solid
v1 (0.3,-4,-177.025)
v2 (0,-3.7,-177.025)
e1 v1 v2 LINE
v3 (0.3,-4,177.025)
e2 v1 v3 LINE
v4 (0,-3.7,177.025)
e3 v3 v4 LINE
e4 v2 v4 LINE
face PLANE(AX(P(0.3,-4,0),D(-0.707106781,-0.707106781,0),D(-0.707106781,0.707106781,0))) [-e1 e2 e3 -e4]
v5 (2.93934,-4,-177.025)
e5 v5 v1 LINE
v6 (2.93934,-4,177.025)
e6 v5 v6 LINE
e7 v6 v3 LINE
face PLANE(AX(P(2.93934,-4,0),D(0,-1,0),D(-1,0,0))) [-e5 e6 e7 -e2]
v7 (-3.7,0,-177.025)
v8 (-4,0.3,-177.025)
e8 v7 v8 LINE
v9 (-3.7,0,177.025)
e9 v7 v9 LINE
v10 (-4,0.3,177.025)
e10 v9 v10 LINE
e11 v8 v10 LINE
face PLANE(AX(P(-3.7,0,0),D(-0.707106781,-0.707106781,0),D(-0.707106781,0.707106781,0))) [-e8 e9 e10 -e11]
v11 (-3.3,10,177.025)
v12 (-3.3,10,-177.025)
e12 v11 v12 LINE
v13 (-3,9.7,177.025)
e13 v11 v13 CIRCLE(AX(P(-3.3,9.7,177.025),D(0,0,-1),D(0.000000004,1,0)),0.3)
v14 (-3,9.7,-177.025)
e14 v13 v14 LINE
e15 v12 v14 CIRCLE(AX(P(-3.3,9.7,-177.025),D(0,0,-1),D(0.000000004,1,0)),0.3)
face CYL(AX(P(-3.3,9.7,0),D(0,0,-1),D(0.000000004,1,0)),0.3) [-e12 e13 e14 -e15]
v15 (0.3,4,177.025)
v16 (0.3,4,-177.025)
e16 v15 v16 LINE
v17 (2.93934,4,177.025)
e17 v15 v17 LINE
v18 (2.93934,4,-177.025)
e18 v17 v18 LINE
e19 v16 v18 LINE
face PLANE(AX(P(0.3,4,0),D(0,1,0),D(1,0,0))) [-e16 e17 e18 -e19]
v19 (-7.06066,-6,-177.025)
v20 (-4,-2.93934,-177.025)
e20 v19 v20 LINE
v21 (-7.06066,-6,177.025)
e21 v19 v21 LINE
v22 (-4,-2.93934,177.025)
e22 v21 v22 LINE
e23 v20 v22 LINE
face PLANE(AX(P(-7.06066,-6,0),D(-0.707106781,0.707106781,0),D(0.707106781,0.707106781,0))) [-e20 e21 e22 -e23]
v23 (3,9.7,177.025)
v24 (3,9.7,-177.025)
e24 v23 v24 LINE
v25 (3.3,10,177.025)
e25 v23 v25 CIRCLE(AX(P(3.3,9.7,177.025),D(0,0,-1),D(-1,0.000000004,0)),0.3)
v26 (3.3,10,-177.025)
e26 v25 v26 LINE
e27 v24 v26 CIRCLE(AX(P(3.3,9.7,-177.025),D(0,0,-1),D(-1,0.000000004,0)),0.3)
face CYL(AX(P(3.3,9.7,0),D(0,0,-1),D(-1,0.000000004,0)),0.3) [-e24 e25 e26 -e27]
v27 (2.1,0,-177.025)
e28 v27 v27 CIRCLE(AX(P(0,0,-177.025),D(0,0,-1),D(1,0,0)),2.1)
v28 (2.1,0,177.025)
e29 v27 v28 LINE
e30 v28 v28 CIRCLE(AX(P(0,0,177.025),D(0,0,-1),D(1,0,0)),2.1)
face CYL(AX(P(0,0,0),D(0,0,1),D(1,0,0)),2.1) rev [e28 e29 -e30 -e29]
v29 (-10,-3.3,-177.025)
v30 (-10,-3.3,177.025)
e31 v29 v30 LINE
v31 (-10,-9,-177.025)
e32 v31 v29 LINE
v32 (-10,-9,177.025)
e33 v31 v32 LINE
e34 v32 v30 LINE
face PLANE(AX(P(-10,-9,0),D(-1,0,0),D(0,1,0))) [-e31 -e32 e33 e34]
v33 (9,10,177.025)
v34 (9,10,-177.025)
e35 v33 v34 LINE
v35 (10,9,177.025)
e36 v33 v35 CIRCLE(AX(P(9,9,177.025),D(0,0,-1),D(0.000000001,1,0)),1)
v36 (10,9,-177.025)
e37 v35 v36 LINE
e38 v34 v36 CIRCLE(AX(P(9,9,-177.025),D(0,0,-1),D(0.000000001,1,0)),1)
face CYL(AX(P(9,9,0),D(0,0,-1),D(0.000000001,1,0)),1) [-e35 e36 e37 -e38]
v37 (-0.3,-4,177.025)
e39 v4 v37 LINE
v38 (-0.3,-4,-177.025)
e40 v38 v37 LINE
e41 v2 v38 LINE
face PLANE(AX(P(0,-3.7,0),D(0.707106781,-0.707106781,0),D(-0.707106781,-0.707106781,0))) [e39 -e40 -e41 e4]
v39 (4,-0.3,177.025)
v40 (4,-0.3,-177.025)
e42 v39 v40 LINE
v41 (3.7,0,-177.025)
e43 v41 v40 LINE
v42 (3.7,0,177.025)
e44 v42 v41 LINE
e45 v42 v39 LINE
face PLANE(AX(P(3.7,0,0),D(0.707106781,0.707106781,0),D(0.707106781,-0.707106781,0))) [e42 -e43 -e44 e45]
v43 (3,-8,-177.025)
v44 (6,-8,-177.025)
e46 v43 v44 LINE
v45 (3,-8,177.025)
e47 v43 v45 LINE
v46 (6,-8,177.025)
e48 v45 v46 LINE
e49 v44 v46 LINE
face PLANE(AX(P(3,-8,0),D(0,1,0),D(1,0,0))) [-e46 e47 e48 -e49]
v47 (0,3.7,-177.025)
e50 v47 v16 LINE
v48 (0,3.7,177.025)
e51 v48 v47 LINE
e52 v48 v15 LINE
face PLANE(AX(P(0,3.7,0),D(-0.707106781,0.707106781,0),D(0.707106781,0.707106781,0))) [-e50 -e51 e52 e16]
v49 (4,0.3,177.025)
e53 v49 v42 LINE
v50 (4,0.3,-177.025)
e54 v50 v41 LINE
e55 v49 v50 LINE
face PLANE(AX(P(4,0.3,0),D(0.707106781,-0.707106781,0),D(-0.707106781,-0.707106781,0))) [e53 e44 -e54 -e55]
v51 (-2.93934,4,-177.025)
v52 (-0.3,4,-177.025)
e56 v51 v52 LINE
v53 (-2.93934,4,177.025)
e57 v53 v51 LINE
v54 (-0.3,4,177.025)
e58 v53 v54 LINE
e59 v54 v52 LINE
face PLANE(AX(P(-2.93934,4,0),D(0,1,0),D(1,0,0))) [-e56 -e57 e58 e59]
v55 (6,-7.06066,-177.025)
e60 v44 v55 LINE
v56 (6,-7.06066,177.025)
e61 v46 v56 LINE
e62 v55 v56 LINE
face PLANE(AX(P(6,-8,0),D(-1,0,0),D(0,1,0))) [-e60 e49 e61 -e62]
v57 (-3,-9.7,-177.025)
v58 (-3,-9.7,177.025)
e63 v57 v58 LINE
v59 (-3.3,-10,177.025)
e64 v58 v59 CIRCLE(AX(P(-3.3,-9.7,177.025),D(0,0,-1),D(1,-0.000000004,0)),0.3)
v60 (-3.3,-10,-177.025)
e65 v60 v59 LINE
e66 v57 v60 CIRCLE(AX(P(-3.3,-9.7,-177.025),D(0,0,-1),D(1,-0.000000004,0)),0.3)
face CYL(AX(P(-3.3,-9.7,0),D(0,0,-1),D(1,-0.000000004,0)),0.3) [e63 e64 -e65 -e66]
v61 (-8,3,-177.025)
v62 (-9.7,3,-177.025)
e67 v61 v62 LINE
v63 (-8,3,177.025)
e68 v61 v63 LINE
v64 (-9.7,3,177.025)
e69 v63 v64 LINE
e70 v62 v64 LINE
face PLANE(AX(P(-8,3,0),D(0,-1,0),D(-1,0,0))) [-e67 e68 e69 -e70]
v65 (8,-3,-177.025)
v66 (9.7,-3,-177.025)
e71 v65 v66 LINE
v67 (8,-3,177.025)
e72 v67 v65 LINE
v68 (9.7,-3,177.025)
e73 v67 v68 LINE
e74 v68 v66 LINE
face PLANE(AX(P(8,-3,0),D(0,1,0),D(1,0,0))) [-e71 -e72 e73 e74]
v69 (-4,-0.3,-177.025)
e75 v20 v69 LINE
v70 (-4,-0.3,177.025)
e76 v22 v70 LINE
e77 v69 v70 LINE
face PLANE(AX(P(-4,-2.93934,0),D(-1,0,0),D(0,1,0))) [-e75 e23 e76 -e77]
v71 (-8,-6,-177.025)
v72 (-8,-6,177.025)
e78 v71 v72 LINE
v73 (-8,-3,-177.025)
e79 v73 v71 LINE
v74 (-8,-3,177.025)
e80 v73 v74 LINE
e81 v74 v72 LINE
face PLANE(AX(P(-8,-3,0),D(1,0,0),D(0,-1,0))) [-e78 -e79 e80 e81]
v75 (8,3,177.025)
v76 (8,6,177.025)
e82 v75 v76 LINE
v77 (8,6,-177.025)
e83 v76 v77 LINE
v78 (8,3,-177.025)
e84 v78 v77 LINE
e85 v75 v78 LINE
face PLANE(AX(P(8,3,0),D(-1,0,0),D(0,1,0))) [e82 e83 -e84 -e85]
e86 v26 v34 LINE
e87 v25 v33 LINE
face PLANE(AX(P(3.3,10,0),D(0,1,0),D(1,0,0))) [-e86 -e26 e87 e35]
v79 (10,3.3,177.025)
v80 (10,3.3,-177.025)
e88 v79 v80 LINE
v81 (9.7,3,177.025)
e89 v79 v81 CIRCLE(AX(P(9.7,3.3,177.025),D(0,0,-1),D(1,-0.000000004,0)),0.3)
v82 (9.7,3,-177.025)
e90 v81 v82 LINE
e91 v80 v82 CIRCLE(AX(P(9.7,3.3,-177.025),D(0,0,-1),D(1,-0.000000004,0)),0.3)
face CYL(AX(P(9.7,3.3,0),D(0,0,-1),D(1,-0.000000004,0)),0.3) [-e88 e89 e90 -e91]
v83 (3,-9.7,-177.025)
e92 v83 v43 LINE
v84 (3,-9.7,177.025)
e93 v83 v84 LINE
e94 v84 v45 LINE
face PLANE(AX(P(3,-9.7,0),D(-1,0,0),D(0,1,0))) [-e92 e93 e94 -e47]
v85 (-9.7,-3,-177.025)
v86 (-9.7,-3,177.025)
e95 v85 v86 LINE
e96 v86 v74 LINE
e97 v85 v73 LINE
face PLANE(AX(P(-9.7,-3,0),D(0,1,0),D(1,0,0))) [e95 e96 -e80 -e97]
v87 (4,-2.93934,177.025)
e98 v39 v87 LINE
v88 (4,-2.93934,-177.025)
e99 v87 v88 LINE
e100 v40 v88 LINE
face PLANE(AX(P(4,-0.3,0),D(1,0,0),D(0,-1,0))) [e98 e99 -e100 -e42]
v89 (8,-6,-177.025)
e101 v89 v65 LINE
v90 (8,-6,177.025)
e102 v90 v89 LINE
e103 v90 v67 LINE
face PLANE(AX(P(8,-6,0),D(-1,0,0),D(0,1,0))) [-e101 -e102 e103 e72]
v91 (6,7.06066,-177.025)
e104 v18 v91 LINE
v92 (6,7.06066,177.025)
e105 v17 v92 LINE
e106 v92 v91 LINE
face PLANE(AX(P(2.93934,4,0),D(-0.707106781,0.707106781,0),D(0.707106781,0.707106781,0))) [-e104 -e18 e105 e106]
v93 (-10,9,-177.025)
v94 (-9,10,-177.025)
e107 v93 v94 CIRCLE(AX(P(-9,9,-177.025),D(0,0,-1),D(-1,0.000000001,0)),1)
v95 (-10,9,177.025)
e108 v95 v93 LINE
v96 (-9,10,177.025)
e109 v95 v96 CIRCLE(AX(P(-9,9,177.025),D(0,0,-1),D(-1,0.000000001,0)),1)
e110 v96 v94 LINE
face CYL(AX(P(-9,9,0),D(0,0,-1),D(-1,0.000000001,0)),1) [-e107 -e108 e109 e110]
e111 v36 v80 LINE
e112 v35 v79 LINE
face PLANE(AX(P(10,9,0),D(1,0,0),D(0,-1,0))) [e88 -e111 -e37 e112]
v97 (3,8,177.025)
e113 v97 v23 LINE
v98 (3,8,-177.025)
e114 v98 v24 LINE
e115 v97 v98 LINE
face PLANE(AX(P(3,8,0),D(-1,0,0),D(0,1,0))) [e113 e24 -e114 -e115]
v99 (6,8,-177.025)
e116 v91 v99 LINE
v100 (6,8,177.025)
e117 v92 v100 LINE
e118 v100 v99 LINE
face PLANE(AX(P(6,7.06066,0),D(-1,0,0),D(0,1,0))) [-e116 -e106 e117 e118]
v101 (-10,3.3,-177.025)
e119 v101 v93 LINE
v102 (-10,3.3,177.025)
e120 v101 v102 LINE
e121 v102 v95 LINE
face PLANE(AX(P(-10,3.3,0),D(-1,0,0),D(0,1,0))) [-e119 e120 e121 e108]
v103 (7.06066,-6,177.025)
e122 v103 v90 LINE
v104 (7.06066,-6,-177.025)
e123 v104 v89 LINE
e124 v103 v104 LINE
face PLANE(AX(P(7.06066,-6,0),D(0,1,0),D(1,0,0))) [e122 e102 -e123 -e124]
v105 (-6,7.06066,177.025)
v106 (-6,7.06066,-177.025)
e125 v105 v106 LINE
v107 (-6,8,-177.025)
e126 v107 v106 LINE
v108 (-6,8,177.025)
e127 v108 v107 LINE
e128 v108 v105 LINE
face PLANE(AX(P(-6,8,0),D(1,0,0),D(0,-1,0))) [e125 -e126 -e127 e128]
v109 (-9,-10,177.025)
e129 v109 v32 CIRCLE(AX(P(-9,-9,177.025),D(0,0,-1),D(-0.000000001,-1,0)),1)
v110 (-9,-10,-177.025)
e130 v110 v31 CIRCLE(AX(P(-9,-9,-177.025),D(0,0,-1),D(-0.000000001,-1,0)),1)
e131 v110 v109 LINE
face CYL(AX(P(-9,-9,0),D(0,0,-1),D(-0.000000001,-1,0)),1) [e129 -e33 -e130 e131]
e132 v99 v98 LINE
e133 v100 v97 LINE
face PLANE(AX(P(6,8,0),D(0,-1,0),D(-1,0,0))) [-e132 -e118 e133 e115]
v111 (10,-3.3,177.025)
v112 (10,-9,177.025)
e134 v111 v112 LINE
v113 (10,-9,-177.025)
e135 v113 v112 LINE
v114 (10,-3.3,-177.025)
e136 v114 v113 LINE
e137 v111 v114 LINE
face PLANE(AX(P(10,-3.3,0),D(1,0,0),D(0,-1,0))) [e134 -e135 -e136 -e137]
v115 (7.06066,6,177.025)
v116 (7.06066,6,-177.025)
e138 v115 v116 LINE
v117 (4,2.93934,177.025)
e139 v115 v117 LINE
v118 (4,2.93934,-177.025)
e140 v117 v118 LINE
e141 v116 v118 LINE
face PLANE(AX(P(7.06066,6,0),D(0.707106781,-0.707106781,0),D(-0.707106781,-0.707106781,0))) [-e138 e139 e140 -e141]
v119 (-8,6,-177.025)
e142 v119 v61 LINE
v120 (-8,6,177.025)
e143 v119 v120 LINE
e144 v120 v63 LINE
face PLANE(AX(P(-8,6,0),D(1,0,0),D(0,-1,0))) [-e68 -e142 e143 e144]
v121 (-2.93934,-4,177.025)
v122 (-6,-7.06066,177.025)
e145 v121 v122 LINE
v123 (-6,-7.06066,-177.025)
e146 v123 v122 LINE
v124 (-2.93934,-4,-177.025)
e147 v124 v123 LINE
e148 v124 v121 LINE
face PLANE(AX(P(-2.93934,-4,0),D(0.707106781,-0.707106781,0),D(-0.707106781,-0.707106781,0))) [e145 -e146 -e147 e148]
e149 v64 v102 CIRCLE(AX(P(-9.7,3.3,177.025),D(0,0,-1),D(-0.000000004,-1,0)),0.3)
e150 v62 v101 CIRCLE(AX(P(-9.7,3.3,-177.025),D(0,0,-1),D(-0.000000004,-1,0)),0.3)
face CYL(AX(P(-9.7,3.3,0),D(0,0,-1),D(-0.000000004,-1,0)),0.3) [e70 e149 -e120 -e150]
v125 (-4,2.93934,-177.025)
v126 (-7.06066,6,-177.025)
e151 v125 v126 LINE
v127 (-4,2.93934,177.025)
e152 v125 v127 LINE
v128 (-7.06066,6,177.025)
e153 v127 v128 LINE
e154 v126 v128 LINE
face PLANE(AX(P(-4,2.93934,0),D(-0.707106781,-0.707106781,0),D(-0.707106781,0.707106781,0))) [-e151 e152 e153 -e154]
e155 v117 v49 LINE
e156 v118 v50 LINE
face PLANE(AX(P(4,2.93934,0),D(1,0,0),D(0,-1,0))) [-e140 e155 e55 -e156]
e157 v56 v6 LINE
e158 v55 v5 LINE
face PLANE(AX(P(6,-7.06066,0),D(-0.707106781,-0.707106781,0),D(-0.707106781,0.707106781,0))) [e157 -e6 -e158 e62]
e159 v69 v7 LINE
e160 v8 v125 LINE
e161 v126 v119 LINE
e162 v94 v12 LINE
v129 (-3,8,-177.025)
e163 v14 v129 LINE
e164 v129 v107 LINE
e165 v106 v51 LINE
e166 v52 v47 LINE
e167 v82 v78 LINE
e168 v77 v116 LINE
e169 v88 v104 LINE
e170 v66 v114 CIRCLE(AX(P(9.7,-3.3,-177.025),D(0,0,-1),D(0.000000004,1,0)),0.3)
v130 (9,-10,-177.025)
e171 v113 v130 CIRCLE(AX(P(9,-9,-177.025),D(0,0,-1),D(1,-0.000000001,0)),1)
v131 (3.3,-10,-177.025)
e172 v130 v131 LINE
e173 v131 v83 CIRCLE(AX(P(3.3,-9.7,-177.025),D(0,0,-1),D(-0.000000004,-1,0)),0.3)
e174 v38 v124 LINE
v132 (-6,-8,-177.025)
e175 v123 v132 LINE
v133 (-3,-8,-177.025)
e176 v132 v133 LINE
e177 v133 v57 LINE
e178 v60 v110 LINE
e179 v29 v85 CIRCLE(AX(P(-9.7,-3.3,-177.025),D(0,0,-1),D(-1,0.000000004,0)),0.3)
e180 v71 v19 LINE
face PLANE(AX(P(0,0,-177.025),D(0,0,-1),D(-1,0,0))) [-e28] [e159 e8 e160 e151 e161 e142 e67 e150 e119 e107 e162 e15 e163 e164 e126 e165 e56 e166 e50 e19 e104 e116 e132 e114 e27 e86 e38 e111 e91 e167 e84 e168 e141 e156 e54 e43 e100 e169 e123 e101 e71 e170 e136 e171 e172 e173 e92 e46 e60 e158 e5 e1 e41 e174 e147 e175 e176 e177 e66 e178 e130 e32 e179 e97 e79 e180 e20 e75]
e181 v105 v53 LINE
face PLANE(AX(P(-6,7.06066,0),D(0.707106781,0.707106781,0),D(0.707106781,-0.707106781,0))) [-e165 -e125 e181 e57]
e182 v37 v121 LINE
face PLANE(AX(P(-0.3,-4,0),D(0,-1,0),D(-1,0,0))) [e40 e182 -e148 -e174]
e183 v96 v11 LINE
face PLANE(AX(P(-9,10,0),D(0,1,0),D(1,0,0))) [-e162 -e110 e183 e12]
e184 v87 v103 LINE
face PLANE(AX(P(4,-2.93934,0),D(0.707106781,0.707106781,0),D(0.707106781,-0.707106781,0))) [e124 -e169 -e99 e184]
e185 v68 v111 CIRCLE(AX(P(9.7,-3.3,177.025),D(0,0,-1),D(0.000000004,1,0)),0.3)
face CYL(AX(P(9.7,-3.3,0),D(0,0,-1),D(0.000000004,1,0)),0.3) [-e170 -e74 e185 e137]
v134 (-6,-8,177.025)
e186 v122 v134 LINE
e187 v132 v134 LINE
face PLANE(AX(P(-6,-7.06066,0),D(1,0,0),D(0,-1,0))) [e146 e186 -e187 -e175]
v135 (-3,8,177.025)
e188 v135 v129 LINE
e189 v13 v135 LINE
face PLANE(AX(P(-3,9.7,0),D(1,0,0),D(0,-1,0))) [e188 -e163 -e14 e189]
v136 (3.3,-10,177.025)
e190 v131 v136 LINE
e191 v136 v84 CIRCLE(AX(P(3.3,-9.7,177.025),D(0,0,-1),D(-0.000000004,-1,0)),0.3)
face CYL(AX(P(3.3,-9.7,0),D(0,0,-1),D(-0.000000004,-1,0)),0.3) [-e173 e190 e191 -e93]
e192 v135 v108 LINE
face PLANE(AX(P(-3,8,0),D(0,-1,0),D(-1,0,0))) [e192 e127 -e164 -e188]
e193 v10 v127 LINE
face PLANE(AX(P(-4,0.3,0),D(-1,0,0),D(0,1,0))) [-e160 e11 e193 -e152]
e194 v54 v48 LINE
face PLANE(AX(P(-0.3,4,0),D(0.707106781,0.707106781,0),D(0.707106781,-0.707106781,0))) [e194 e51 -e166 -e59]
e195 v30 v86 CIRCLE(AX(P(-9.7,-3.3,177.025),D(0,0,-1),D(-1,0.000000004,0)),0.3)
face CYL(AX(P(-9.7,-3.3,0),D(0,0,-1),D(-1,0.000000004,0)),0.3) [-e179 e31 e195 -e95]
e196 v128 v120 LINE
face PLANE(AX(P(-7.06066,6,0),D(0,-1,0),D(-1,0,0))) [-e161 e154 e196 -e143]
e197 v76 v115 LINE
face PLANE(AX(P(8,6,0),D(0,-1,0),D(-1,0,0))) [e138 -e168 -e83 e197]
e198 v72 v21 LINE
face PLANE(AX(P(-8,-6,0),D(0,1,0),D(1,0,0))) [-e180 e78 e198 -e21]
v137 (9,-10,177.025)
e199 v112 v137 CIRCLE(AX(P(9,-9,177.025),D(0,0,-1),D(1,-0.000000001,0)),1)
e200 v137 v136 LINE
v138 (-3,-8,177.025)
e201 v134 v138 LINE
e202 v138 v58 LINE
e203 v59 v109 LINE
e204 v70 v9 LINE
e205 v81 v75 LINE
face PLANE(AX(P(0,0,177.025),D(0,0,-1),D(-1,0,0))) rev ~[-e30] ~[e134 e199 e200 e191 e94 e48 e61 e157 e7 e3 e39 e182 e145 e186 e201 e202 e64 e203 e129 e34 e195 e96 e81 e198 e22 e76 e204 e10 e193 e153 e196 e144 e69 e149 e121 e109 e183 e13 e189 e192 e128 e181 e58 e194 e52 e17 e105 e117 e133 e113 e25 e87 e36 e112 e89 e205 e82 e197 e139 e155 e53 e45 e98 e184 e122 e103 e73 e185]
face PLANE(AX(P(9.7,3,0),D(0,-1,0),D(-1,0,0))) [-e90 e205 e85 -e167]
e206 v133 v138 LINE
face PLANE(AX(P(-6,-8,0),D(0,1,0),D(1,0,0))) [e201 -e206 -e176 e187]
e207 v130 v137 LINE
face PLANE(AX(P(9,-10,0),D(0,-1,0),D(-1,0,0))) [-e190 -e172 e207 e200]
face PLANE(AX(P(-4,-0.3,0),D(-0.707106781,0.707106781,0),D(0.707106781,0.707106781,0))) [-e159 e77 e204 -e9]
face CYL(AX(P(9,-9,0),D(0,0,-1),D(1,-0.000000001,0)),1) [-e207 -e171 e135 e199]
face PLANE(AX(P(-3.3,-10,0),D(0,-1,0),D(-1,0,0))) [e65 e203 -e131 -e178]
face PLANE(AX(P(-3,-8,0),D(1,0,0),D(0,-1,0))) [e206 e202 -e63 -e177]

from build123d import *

# Parameters (mm, degrees)
SKETCH1_R           = 2.1
BOSS_EXTRUDE1_DEPTH = 177.025


with BuildPart() as part:
    # Sketch1 → Boss-Extrude1 (new, symmetric)
    with BuildSketch(Plane(origin=(0, 0, 0), x_dir=(-1, 0, 0), z_dir=(0, 0, -1))):
        with BuildLine():
            Line((10, 3.3), (10, 9))
            ThreePointArc((10, 9), (9.707106781, 9.707106781), (9, 10))
            Line((9, 10), (3.3, 10))
            ThreePointArc((3.3, 10), (3.087867966, 9.912132034), (3, 9.7))
            Line((3, 9.7), (3, 8))
            Line((3, 8), (6, 8))
            Line((6, 8), (6, 7.060660172))
            Line((6, 7.060660172), (2.939339828, 4))
            Line((2.939339828, 4), (0.3, 4))
            Line((0.3, 4), (0, 3.7))
            Line((0, 3.7), (-0.3, 4))
            Line((-0.3, 4), (-2.939339828, 4))
            Line((-2.939339828, 4), (-6, 7.060660172))
            Line((-6, 7.060660172), (-6, 8))
            Line((-6, 8), (-3, 8))
            Line((-3, 8), (-3, 9.7))
            ThreePointArc((-3, 9.7), (-3.087867966, 9.912132034), (-3.3, 10))
            Line((-3.3, 10), (-9, 10))
            ThreePointArc((-9, 10), (-9.707106781, 9.707106781), (-10, 9))
            Line((-10, 9), (-10, 3.3))
            ThreePointArc((-10, 3.3), (-9.912132034, 3.087867966), (-9.7, 3))
            Line((-9.7, 3), (-8, 3))
            Line((-8, 3), (-8, 6))
            Line((-8, 6), (-7.060660172, 6))
            Line((-7.060660172, 6), (-4, 2.939339828))
            Line((-4, 2.939339828), (-4, 0.3))
            Line((-4, 0.3), (-3.7, 0))
            Line((-3.7, 0), (-4, -0.3))
            Line((-4, -0.3), (-4, -2.939339828))
            Line((-4, -2.939339828), (-7.060660172, -6))
            Line((-7.060660172, -6), (-8, -6))
            Line((-8, -6), (-8, -3))
            Line((-8, -3), (-9.7, -3))
            ThreePointArc((-9.7, -3), (-9.912132034, -3.087867966), (-10, -3.3))
            Line((-10, -3.3), (-10, -9))
            ThreePointArc((-10, -9), (-9.707106781, -9.707106781), (-9, -10))
            Line((-9, -10), (-3.3, -10))
            ThreePointArc((-3.3, -10), (-3.087867966, -9.912132034), (-3, -9.7))
            Line((-3, -9.7), (-3, -8))
            Line((-3, -8), (-6, -8))
            Line((-6, -8), (-6, -7.060660172))
            Line((-6, -7.060660172), (-2.939339828, -4))
            Line((-2.939339828, -4), (-0.3, -4))
            Line((-0.3, -4), (0, -3.7))
            Line((0, -3.7), (0.3, -4))
            Line((0.3, -4), (2.939339828, -4))
            Line((2.939339828, -4), (6, -7.060660172))
            Line((6, -7.060660172), (6, -8))
            Line((6, -8), (3, -8))
            Line((3, -8), (3, -9.7))
            ThreePointArc((3, -9.7), (3.087867966, -9.912132034), (3.3, -10))
            Line((3.3, -10), (9, -10))
            ThreePointArc((9, -10), (9.707106781, -9.707106781), (10, -9))
            Line((10, -9), (10, -3.3))
            ThreePointArc((10, -3.3), (9.912132034, -3.087867966), (9.7, -3))
            Line((9.7, -3), (8, -3))
            Line((8, -3), (8, -6))
            Line((8, -6), (7.060660172, -6))
            Line((7.060660172, -6), (4, -2.939339828))
            Line((4, -2.939339828), (4, -0.3))
            Line((4, -0.3), (3.7, 0))
            Line((3.7, 0), (4, 0.3))
            Line((4, 0.3), (4, 2.939339828))
            Line((4, 2.939339828), (7.060660172, 6))
            Line((7.060660172, 6), (8, 6))
            Line((8, 6), (8, 3))
            Line((8, 3), (9.7, 3))
            ThreePointArc((9.7, 3), (9.912132034, 3.087867966), (10, 3.3))
        make_face()
        Circle(SKETCH1_R, mode=Mode.SUBTRACT)
    extrude(amount=BOSS_EXTRUDE1_DEPTH, both=True)


solid = part.part
